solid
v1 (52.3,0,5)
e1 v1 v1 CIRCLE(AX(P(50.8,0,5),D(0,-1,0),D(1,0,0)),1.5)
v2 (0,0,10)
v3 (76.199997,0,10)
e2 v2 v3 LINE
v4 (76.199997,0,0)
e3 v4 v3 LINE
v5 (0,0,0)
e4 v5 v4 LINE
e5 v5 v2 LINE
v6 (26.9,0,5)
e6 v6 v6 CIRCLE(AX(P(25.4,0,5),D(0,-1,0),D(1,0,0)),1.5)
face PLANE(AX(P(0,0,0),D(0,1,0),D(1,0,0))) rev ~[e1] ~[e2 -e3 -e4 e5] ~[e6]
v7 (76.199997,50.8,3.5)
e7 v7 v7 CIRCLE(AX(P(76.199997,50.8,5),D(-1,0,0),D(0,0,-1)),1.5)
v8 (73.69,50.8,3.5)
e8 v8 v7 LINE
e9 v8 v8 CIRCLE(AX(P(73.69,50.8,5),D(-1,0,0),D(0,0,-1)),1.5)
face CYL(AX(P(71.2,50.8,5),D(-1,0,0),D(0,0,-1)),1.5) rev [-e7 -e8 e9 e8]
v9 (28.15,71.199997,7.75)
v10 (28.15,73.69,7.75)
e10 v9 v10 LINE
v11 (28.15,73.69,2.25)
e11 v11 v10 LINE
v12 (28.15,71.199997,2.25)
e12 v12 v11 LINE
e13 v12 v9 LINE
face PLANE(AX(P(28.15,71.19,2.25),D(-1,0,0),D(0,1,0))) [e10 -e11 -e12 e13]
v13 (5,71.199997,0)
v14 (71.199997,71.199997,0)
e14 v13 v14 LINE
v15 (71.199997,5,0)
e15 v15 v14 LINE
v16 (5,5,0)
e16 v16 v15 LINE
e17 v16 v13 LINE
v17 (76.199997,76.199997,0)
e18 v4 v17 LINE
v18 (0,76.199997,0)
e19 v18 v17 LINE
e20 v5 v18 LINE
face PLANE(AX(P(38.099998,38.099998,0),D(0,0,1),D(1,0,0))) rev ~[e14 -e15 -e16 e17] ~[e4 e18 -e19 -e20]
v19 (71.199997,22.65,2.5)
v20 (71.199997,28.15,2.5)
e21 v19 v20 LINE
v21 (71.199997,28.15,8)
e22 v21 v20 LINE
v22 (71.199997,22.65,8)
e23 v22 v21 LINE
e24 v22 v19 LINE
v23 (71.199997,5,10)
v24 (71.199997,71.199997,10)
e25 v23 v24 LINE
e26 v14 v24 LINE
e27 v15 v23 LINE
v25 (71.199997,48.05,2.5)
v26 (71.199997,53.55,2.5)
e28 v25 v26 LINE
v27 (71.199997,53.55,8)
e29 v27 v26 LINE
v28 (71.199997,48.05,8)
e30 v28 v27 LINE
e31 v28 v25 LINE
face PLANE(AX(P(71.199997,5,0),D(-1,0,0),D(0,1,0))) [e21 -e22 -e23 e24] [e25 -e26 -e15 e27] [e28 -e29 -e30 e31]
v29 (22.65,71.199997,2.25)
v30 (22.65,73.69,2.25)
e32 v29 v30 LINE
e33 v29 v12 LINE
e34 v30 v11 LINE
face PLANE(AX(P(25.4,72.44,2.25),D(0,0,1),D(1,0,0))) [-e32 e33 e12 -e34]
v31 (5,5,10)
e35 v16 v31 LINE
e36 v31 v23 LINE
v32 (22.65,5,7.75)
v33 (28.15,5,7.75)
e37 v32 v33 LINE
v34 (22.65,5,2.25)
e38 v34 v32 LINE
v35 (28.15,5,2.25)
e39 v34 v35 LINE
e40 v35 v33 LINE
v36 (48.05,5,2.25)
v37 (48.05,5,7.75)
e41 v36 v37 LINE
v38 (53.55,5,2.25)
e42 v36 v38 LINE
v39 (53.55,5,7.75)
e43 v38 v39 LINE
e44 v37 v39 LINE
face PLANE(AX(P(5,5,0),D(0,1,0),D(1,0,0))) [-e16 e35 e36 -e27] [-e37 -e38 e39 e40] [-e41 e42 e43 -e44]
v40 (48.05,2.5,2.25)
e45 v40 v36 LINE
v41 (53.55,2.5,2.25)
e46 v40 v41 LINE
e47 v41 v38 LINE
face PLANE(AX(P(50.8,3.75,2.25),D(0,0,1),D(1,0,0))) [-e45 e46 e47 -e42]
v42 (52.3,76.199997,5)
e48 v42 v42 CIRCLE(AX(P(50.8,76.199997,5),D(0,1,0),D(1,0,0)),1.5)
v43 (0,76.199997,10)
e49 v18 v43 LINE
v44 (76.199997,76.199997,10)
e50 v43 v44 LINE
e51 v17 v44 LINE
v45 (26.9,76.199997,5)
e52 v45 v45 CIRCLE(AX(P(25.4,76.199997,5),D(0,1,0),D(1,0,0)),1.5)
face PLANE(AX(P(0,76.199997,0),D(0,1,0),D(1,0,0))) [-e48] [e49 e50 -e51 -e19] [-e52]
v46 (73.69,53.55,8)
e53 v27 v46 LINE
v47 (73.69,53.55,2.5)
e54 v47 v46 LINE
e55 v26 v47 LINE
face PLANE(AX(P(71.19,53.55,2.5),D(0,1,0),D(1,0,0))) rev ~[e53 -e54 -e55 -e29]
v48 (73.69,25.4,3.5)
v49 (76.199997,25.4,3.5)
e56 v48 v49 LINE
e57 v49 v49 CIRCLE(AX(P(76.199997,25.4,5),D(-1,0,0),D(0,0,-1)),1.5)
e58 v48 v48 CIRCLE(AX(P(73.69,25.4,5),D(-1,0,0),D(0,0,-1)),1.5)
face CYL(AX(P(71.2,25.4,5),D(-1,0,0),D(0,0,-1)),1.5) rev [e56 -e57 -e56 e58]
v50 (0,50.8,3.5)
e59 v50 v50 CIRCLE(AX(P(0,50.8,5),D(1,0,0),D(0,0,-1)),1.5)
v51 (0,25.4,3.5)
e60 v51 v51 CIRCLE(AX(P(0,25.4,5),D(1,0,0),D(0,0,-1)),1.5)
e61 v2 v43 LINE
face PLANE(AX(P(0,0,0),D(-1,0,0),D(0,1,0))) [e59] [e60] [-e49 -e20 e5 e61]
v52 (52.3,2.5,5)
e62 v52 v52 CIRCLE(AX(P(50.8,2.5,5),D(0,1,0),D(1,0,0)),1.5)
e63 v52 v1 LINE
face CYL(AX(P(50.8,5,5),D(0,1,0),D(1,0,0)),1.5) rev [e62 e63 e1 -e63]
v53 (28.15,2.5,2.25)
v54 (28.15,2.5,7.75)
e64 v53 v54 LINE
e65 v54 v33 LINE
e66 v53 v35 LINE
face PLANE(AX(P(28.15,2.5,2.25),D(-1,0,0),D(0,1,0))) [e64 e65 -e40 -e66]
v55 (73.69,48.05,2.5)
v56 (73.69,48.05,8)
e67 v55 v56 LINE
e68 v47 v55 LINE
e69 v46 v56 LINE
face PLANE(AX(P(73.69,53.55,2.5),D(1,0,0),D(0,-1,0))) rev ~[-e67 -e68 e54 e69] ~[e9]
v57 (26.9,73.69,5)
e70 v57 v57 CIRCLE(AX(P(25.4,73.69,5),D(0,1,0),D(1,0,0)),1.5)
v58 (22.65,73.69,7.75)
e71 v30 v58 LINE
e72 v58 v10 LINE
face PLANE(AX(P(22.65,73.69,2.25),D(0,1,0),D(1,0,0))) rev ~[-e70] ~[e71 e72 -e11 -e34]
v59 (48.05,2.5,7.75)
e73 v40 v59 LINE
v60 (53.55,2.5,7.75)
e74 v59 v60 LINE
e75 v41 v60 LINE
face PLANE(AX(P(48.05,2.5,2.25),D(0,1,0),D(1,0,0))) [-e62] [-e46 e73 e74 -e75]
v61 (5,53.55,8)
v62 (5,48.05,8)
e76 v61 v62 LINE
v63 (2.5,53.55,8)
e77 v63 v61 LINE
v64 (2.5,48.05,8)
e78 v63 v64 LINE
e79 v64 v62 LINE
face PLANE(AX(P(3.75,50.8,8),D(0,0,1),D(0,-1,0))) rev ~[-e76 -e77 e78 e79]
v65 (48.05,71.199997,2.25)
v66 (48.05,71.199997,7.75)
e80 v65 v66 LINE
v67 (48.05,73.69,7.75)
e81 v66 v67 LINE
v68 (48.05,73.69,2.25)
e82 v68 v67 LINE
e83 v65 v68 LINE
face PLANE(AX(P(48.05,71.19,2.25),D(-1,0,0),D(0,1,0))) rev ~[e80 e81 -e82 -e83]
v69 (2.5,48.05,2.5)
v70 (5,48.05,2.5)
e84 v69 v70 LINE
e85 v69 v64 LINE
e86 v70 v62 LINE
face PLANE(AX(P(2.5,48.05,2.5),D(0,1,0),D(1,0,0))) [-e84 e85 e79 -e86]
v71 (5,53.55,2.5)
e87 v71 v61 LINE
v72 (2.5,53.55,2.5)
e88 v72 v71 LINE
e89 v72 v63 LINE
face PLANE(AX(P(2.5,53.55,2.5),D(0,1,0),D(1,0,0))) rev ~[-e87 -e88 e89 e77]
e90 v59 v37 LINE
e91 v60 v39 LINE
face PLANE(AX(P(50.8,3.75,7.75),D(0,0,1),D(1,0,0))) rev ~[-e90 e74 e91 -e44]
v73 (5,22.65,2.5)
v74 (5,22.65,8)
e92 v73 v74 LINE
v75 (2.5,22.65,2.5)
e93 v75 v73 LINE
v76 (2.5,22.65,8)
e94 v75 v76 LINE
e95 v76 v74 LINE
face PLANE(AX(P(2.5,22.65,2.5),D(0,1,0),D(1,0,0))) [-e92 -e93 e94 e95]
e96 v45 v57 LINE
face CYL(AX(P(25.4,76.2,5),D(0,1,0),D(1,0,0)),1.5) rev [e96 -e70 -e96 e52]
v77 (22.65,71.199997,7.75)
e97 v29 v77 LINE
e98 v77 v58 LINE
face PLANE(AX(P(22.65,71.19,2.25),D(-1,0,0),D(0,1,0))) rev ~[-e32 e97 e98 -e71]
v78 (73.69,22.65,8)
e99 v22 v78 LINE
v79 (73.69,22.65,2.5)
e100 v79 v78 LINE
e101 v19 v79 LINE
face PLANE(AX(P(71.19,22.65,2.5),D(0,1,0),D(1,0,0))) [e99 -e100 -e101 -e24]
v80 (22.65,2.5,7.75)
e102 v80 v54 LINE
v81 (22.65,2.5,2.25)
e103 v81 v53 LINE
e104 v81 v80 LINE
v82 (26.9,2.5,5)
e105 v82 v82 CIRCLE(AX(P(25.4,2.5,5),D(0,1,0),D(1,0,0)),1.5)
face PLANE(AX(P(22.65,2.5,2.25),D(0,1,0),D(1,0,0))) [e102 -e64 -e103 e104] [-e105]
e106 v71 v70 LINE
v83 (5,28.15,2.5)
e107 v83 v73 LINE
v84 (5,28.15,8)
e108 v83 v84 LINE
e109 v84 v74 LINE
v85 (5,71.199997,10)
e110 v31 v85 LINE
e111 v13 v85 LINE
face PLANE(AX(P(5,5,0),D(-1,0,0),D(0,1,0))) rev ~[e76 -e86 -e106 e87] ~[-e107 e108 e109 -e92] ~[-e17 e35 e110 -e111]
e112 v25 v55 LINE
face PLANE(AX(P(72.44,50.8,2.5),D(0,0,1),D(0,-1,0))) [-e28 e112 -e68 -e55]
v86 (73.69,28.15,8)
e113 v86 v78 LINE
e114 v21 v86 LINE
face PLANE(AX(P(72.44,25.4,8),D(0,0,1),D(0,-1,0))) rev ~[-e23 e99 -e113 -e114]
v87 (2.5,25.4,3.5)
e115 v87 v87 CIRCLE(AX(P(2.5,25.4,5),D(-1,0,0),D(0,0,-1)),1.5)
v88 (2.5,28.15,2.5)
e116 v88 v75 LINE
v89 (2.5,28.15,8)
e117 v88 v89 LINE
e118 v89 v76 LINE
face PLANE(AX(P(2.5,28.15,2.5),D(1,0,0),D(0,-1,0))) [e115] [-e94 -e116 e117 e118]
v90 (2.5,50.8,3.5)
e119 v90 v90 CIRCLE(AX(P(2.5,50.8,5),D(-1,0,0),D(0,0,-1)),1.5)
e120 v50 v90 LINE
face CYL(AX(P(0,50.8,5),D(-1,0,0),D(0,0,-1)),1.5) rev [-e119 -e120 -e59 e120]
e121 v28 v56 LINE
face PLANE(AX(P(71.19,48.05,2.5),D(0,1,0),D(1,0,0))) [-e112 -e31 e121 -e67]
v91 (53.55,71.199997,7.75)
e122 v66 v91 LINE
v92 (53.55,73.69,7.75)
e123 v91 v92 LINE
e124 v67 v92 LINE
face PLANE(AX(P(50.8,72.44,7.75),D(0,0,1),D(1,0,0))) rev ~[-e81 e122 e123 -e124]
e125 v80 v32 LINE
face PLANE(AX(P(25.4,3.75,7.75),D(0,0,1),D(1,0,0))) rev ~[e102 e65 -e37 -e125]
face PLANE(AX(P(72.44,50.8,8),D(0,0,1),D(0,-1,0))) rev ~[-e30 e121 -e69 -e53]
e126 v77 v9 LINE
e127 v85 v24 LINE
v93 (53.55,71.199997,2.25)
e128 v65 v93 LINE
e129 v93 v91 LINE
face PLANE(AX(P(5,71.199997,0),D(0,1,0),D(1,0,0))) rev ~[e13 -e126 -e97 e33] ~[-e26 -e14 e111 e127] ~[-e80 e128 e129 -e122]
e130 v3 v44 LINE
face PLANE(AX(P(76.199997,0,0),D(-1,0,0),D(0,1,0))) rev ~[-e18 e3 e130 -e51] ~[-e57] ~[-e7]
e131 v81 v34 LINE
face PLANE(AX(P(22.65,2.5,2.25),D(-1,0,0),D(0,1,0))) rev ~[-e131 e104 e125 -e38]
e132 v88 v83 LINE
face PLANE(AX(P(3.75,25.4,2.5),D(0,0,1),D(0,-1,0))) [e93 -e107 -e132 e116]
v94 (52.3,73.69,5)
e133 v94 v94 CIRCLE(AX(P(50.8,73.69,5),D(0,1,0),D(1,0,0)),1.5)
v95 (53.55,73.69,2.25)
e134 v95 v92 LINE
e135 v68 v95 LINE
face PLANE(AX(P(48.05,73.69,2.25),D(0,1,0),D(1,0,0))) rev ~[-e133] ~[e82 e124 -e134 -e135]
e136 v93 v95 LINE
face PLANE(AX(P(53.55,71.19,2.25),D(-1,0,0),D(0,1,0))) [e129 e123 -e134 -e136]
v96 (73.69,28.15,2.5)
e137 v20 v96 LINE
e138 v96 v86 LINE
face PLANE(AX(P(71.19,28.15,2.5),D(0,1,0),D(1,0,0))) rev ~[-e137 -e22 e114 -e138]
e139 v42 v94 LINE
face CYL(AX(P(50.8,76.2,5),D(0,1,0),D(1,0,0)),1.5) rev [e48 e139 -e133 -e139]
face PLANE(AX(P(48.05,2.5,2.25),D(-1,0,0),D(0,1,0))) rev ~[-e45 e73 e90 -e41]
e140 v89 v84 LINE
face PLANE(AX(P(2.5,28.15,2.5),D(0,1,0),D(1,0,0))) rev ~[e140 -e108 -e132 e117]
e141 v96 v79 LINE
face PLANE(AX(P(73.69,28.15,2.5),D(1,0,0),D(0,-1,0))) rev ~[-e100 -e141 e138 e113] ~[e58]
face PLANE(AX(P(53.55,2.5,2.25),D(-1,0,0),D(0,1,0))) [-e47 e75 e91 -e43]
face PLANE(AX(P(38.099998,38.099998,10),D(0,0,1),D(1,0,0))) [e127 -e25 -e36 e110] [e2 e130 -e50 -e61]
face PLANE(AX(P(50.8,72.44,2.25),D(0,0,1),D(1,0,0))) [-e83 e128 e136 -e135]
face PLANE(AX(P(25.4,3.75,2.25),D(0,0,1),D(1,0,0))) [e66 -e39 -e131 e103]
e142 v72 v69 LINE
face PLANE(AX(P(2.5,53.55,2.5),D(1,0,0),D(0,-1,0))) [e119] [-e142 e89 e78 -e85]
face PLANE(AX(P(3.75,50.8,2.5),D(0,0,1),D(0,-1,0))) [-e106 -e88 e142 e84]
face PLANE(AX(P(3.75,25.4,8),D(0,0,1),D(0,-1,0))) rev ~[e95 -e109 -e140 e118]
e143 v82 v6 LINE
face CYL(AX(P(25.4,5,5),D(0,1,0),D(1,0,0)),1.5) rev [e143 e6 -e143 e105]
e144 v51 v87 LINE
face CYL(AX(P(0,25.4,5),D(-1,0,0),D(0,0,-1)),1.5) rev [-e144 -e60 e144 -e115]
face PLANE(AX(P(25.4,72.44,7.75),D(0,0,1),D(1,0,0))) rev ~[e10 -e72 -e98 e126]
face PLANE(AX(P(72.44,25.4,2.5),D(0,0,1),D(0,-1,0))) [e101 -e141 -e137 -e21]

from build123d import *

# Parameters (mm, degrees)
CYLINDER001_R           = 1.5
CYLINDER001_DEPTH       = 5
CYLINDER001_PITCH_ANGLE = 90
CYLINDER002_R           = 1.5
CYLINDER002_DEPTH       = 5
CYLINDER002_PITCH_ANGLE = 90
CYLINDER003_R           = 1.5
CYLINDER003_DEPTH       = 5
CYLINDER003_PITCH_ANGLE = 90
CYLINDER004_R           = 1.5
CYLINDER004_DEPTH       = 5
CYLINDER004_ROLL_ANGLE  = 90.0000000001
CYLINDER005_R           = 1.5
CYLINDER005_DEPTH       = 5
CYLINDER005_ROLL_ANGLE  = 90.0000000001
CYLINDER006_R           = 1.5
CYLINDER006_DEPTH       = 5
CYLINDER006_ROLL_ANGLE  = 90.0000000001
CYLINDER007_R           = 1.5
CYLINDER007_DEPTH       = 5
CYLINDER007_ROLL_ANGLE  = 90.0000000001
CYLINDER_R              = 1.5
CYLINDER_DEPTH          = 5
CYLINDER_PITCH_ANGLE    = 90
BOX008_W                = 5.5
BOX008_H                = 2.5
BOX008_DEPTH            = 5.5
BOX008_PLACEMENT_ANGLE  = -90.0000000001
BOX009_W                = 5.5
BOX009_H                = 2.5
BOX009_DEPTH            = 5.5
BOX009_PLACEMENT_ANGLE  = -90.0000000001
BOX007_W                = 5.5
BOX007_H                = 2.5
BOX007_DEPTH            = 5.5
BOX007_PLACEMENT_ANGLE  = -90.0000000001
BOX006_W                = 5.5
BOX006_H                = 2.5
BOX006_DEPTH            = 5.5
BOX006_PLACEMENT_ANGLE  = -90.0000000001
BOX005_W                = 5.5
BOX005_H                = 2.5
BOX005_DEPTH            = 5.5
BOX004_W                = 5.5
BOX004_H                = 2.5
BOX004_DEPTH            = 5.5
BOX003_W                = 5.5
BOX003_H                = 2.5
BOX003_DEPTH            = 5.5
BOX002_W                = 5.5
BOX002_H                = 2.5
BOX002_DEPTH            = 5.5
BOX001_W                = 66.1999969482
BOX001_H                = 66.1999969482
BOX001_DEPTH            = 10
BOX_W                   = 76.1999969482
BOX_H                   = 76.1999969482
BOX_DEPTH               = 10


with BuildPart() as cylinder001:
    # Cylinder001 → Cylinder001 (new body)
    with BuildSketch(Plane.XY):
        Circle(CYLINDER001_R)
    extrude(amount=CYLINDER001_DEPTH)


with BuildPart() as cylinder001_1:
    # Cylinder001 pitch: moved
    add(cylinder001.part.rotate(Axis((0, 0, 0), (0, 1, 0)), CYLINDER001_PITCH_ANGLE))


with BuildPart() as cylinder001_2:
    # Cylinder001 placement: moved
    add(cylinder001_1.part.moved(Location((0, 50.8, 5))))


with BuildPart() as cylinder002:
    # Cylinder002 → Cylinder002 (new body)
    with BuildSketch(Plane.XY):
        Circle(CYLINDER002_R)
    extrude(amount=CYLINDER002_DEPTH)


with BuildPart() as cylinder002_1:
    # Cylinder002 pitch: moved
    add(cylinder002.part.rotate(Axis((0, 0, 0), (0, 1, 0)), CYLINDER002_PITCH_ANGLE))


with BuildPart() as cylinder002_2:
    # Cylinder002 placement: moved
    add(cylinder002_1.part.moved(Location((71.2, 50.8, 5))))


with BuildPart() as cylinder003:
    # Cylinder003 → Cylinder003 (new body)
    with BuildSketch(Plane.XY):
        Circle(CYLINDER003_R)
    extrude(amount=CYLINDER003_DEPTH)


with BuildPart() as cylinder003_1:
    # Cylinder003 pitch: moved
    add(cylinder003.part.rotate(Axis((0, 0, 0), (0, 1, 0)), CYLINDER003_PITCH_ANGLE))


with BuildPart() as cylinder003_2:
    # Cylinder003 placement: moved
    add(cylinder003_1.part.moved(Location((71.2, 25.4, 5))))


with BuildPart() as cylinder004:
    # Cylinder004 → Cylinder004 (new body)
    with BuildSketch(Plane.XY):
        Circle(CYLINDER004_R)
    extrude(amount=CYLINDER004_DEPTH)


with BuildPart() as cylinder004_1:
    # Cylinder004 roll: moved
    add(cylinder004.part.rotate(Axis((0, 0, 0), (1, 0, 0)), CYLINDER004_ROLL_ANGLE))


with BuildPart() as cylinder004_2:
    # Cylinder004 placement: moved
    add(cylinder004_1.part.moved(Location((25.4, 5, 5))))


with BuildPart() as cylinder005:
    # Cylinder005 → Cylinder005 (new body)
    with BuildSketch(Plane.XY):
        Circle(CYLINDER005_R)
    extrude(amount=CYLINDER005_DEPTH)


with BuildPart() as cylinder005_1:
    # Cylinder005 roll: moved
    add(cylinder005.part.rotate(Axis((0, 0, 0), (1, 0, 0)), CYLINDER005_ROLL_ANGLE))


with BuildPart() as cylinder005_2:
    # Cylinder005 placement: moved
    add(cylinder005_1.part.moved(Location((50.8, 5, 5))))


with BuildPart() as cylinder006:
    # Cylinder006 → Cylinder006 (new body)
    with BuildSketch(Plane.XY):
        Circle(CYLINDER006_R)
    extrude(amount=CYLINDER006_DEPTH)


with BuildPart() as cylinder006_1:
    # Cylinder006 roll: moved
    add(cylinder006.part.rotate(Axis((0, 0, 0), (1, 0, 0)), CYLINDER006_ROLL_ANGLE))


with BuildPart() as cylinder006_2:
    # Cylinder006 placement: moved
    add(cylinder006_1.part.moved(Location((50.8, 76.2, 5))))


with BuildPart() as cylinder007:
    # Cylinder007 → Cylinder007 (new body)
    with BuildSketch(Plane.XY):
        Circle(CYLINDER007_R)
    extrude(amount=CYLINDER007_DEPTH)


with BuildPart() as cylinder007_1:
    # Cylinder007 roll: moved
    add(cylinder007.part.rotate(Axis((0, 0, 0), (1, 0, 0)), CYLINDER007_ROLL_ANGLE))


with BuildPart() as cylinder007_2:
    # Cylinder007 placement: moved
    add(cylinder007_1.part.moved(Location((25.4, 76.2, 5))))


with BuildPart() as cylinder:
    # Cylinder → Cylinder (new body)
    with BuildSketch(Plane.XY):
        Circle(CYLINDER_R)
    extrude(amount=CYLINDER_DEPTH)


with BuildPart() as cylinder_1:
    # Cylinder pitch: moved
    add(cylinder.part.rotate(Axis((0, 0, 0), (0, 1, 0)), CYLINDER_PITCH_ANGLE))


with BuildPart() as cylinder_2:
    # Cylinder placement: moved
    add(cylinder_1.part.moved(Location((0, 25.4, 5))))


with BuildPart() as box008:
    # Box008 → Box008 (new body)
    with BuildSketch(Plane.XY):
        with Locations((2.75, 1.25)):
            Rectangle(BOX008_W, BOX008_H)
    extrude(amount=BOX008_DEPTH)


with BuildPart() as box008_1:
    # Box008 placement: moved
    add(box008.part.moved(Location((71.19, 28.15, 2.5))).rotate(Axis((71.19, 28.15, 2.5), (0, 0, 1)), BOX008_PLACEMENT_ANGLE))


with BuildPart() as box009:
    # Box009 → Box009 (new body)
    with BuildSketch(Plane.XY):
        with Locations((2.75, 1.25)):
            Rectangle(BOX009_W, BOX009_H)
    extrude(amount=BOX009_DEPTH)


with BuildPart() as box009_1:
    # Box009 placement: moved
    add(box009.part.moved(Location((71.19, 53.55, 2.5))).rotate(Axis((71.19, 53.55, 2.5), (0, 0, 1)), BOX009_PLACEMENT_ANGLE))


with BuildPart() as box007:
    # Box007 → Box007 (new body)
    with BuildSketch(Plane.XY):
        with Locations((2.75, 1.25)):
            Rectangle(BOX007_W, BOX007_H)
    extrude(amount=BOX007_DEPTH)


with BuildPart() as box007_1:
    # Box007 placement: moved
    add(box007.part.moved(Location((2.5, 53.55, 2.5))).rotate(Axis((2.5, 53.55, 2.5), (0, 0, 1)), BOX007_PLACEMENT_ANGLE))


with BuildPart() as box006:
    # Box006 → Box006 (new body)
    with BuildSketch(Plane.XY):
        with Locations((2.75, 1.25)):
            Rectangle(BOX006_W, BOX006_H)
    extrude(amount=BOX006_DEPTH)


with BuildPart() as box006_1:
    # Box006 placement: moved
    add(box006.part.moved(Location((2.5, 28.15, 2.5))).rotate(Axis((2.5, 28.15, 2.5), (0, 0, 1)), BOX006_PLACEMENT_ANGLE))


with BuildPart() as box005:
    # Box005 → Box005 (new body)
    with BuildSketch(Plane(origin=(22.65, 71.19, 2.25), x_dir=(1, 0, 0), z_dir=(0, 0, 1))):
        with Locations((2.75, 1.25)):
            Rectangle(BOX005_W, BOX005_H)
    extrude(amount=BOX005_DEPTH)


with BuildPart() as box004:
    # Box004 → Box004 (new body)
    with BuildSketch(Plane(origin=(48.05, 71.19, 2.25), x_dir=(1, 0, 0), z_dir=(0, 0, 1))):
        with Locations((2.75, 1.25)):
            Rectangle(BOX004_W, BOX004_H)
    extrude(amount=BOX004_DEPTH)


with BuildPart() as box003:
    # Box003 → Box003 (new body)
    with BuildSketch(Plane(origin=(48.05, 2.5, 2.25), x_dir=(1, 0, 0), z_dir=(0, 0, 1))):
        with Locations((2.75, 1.25)):
            Rectangle(BOX003_W, BOX003_H)
    extrude(amount=BOX003_DEPTH)


with BuildPart() as box002:
    # Box002 → Box002 (new body)
    with BuildSketch(Plane(origin=(22.65, 2.5, 2.25), x_dir=(1, 0, 0), z_dir=(0, 0, 1))):
        with Locations((2.75, 1.25)):
            Rectangle(BOX002_W, BOX002_H)
    extrude(amount=BOX002_DEPTH)


with BuildPart() as box001:
    # Box001 → Box001 (new body)
    with BuildSketch(Plane(origin=(5, 5, 0), x_dir=(1, 0, 0), z_dir=(0, 0, 1))):
        with Locations((33.0999984741, 33.0999984741)):
            Rectangle(BOX001_W, BOX001_H)
    extrude(amount=BOX001_DEPTH)


with BuildPart() as cut016:
    # Box → Box (new body)
    with BuildSketch(Plane.XY):
        with Locations((38.0999984741, 38.0999984741)):
            Rectangle(BOX_W, BOX_H)
    extrude(amount=BOX_DEPTH)

    # Cut: cut Box001
    add(box001.part, mode=Mode.SUBTRACT)

    # Cut001: cut Box002
    add(box002.part, mode=Mode.SUBTRACT)

    # Cut002: cut Box003
    add(box003.part, mode=Mode.SUBTRACT)

    # Cut003: cut Box004
    add(box004.part, mode=Mode.SUBTRACT)

    # Cut004: cut Box005
    add(box005.part, mode=Mode.SUBTRACT)

    # Cut005: cut Box006
    add(box006_1.part, mode=Mode.SUBTRACT)

    # Cut006: cut Box007
    add(box007_1.part, mode=Mode.SUBTRACT)

    # Cut007: cut Box009
    add(box009_1.part, mode=Mode.SUBTRACT)

    # Cut008: cut Box008
    add(box008_1.part, mode=Mode.SUBTRACT)

    # Cut009: cut Cylinder
    add(cylinder_2.part, mode=Mode.SUBTRACT)

    # Cut010: cut Cylinder007
    add(cylinder007_2.part, mode=Mode.SUBTRACT)

    # Cut011: cut Cylinder006
    add(cylinder006_2.part, mode=Mode.SUBTRACT)

    # Cut012: cut Cylinder005
    add(cylinder005_2.part, mode=Mode.SUBTRACT)

    # Cut013: cut Cylinder004
    add(cylinder004_2.part, mode=Mode.SUBTRACT)

    # Cut014: cut Cylinder003
    add(cylinder003_2.part, mode=Mode.SUBTRACT)

    # Cut015: cut Cylinder002
    add(cylinder002_2.part, mode=Mode.SUBTRACT)

    # Cut016: cut Cylinder001
    add(cylinder001_2.part, mode=Mode.SUBTRACT)


solid = cut016.part
